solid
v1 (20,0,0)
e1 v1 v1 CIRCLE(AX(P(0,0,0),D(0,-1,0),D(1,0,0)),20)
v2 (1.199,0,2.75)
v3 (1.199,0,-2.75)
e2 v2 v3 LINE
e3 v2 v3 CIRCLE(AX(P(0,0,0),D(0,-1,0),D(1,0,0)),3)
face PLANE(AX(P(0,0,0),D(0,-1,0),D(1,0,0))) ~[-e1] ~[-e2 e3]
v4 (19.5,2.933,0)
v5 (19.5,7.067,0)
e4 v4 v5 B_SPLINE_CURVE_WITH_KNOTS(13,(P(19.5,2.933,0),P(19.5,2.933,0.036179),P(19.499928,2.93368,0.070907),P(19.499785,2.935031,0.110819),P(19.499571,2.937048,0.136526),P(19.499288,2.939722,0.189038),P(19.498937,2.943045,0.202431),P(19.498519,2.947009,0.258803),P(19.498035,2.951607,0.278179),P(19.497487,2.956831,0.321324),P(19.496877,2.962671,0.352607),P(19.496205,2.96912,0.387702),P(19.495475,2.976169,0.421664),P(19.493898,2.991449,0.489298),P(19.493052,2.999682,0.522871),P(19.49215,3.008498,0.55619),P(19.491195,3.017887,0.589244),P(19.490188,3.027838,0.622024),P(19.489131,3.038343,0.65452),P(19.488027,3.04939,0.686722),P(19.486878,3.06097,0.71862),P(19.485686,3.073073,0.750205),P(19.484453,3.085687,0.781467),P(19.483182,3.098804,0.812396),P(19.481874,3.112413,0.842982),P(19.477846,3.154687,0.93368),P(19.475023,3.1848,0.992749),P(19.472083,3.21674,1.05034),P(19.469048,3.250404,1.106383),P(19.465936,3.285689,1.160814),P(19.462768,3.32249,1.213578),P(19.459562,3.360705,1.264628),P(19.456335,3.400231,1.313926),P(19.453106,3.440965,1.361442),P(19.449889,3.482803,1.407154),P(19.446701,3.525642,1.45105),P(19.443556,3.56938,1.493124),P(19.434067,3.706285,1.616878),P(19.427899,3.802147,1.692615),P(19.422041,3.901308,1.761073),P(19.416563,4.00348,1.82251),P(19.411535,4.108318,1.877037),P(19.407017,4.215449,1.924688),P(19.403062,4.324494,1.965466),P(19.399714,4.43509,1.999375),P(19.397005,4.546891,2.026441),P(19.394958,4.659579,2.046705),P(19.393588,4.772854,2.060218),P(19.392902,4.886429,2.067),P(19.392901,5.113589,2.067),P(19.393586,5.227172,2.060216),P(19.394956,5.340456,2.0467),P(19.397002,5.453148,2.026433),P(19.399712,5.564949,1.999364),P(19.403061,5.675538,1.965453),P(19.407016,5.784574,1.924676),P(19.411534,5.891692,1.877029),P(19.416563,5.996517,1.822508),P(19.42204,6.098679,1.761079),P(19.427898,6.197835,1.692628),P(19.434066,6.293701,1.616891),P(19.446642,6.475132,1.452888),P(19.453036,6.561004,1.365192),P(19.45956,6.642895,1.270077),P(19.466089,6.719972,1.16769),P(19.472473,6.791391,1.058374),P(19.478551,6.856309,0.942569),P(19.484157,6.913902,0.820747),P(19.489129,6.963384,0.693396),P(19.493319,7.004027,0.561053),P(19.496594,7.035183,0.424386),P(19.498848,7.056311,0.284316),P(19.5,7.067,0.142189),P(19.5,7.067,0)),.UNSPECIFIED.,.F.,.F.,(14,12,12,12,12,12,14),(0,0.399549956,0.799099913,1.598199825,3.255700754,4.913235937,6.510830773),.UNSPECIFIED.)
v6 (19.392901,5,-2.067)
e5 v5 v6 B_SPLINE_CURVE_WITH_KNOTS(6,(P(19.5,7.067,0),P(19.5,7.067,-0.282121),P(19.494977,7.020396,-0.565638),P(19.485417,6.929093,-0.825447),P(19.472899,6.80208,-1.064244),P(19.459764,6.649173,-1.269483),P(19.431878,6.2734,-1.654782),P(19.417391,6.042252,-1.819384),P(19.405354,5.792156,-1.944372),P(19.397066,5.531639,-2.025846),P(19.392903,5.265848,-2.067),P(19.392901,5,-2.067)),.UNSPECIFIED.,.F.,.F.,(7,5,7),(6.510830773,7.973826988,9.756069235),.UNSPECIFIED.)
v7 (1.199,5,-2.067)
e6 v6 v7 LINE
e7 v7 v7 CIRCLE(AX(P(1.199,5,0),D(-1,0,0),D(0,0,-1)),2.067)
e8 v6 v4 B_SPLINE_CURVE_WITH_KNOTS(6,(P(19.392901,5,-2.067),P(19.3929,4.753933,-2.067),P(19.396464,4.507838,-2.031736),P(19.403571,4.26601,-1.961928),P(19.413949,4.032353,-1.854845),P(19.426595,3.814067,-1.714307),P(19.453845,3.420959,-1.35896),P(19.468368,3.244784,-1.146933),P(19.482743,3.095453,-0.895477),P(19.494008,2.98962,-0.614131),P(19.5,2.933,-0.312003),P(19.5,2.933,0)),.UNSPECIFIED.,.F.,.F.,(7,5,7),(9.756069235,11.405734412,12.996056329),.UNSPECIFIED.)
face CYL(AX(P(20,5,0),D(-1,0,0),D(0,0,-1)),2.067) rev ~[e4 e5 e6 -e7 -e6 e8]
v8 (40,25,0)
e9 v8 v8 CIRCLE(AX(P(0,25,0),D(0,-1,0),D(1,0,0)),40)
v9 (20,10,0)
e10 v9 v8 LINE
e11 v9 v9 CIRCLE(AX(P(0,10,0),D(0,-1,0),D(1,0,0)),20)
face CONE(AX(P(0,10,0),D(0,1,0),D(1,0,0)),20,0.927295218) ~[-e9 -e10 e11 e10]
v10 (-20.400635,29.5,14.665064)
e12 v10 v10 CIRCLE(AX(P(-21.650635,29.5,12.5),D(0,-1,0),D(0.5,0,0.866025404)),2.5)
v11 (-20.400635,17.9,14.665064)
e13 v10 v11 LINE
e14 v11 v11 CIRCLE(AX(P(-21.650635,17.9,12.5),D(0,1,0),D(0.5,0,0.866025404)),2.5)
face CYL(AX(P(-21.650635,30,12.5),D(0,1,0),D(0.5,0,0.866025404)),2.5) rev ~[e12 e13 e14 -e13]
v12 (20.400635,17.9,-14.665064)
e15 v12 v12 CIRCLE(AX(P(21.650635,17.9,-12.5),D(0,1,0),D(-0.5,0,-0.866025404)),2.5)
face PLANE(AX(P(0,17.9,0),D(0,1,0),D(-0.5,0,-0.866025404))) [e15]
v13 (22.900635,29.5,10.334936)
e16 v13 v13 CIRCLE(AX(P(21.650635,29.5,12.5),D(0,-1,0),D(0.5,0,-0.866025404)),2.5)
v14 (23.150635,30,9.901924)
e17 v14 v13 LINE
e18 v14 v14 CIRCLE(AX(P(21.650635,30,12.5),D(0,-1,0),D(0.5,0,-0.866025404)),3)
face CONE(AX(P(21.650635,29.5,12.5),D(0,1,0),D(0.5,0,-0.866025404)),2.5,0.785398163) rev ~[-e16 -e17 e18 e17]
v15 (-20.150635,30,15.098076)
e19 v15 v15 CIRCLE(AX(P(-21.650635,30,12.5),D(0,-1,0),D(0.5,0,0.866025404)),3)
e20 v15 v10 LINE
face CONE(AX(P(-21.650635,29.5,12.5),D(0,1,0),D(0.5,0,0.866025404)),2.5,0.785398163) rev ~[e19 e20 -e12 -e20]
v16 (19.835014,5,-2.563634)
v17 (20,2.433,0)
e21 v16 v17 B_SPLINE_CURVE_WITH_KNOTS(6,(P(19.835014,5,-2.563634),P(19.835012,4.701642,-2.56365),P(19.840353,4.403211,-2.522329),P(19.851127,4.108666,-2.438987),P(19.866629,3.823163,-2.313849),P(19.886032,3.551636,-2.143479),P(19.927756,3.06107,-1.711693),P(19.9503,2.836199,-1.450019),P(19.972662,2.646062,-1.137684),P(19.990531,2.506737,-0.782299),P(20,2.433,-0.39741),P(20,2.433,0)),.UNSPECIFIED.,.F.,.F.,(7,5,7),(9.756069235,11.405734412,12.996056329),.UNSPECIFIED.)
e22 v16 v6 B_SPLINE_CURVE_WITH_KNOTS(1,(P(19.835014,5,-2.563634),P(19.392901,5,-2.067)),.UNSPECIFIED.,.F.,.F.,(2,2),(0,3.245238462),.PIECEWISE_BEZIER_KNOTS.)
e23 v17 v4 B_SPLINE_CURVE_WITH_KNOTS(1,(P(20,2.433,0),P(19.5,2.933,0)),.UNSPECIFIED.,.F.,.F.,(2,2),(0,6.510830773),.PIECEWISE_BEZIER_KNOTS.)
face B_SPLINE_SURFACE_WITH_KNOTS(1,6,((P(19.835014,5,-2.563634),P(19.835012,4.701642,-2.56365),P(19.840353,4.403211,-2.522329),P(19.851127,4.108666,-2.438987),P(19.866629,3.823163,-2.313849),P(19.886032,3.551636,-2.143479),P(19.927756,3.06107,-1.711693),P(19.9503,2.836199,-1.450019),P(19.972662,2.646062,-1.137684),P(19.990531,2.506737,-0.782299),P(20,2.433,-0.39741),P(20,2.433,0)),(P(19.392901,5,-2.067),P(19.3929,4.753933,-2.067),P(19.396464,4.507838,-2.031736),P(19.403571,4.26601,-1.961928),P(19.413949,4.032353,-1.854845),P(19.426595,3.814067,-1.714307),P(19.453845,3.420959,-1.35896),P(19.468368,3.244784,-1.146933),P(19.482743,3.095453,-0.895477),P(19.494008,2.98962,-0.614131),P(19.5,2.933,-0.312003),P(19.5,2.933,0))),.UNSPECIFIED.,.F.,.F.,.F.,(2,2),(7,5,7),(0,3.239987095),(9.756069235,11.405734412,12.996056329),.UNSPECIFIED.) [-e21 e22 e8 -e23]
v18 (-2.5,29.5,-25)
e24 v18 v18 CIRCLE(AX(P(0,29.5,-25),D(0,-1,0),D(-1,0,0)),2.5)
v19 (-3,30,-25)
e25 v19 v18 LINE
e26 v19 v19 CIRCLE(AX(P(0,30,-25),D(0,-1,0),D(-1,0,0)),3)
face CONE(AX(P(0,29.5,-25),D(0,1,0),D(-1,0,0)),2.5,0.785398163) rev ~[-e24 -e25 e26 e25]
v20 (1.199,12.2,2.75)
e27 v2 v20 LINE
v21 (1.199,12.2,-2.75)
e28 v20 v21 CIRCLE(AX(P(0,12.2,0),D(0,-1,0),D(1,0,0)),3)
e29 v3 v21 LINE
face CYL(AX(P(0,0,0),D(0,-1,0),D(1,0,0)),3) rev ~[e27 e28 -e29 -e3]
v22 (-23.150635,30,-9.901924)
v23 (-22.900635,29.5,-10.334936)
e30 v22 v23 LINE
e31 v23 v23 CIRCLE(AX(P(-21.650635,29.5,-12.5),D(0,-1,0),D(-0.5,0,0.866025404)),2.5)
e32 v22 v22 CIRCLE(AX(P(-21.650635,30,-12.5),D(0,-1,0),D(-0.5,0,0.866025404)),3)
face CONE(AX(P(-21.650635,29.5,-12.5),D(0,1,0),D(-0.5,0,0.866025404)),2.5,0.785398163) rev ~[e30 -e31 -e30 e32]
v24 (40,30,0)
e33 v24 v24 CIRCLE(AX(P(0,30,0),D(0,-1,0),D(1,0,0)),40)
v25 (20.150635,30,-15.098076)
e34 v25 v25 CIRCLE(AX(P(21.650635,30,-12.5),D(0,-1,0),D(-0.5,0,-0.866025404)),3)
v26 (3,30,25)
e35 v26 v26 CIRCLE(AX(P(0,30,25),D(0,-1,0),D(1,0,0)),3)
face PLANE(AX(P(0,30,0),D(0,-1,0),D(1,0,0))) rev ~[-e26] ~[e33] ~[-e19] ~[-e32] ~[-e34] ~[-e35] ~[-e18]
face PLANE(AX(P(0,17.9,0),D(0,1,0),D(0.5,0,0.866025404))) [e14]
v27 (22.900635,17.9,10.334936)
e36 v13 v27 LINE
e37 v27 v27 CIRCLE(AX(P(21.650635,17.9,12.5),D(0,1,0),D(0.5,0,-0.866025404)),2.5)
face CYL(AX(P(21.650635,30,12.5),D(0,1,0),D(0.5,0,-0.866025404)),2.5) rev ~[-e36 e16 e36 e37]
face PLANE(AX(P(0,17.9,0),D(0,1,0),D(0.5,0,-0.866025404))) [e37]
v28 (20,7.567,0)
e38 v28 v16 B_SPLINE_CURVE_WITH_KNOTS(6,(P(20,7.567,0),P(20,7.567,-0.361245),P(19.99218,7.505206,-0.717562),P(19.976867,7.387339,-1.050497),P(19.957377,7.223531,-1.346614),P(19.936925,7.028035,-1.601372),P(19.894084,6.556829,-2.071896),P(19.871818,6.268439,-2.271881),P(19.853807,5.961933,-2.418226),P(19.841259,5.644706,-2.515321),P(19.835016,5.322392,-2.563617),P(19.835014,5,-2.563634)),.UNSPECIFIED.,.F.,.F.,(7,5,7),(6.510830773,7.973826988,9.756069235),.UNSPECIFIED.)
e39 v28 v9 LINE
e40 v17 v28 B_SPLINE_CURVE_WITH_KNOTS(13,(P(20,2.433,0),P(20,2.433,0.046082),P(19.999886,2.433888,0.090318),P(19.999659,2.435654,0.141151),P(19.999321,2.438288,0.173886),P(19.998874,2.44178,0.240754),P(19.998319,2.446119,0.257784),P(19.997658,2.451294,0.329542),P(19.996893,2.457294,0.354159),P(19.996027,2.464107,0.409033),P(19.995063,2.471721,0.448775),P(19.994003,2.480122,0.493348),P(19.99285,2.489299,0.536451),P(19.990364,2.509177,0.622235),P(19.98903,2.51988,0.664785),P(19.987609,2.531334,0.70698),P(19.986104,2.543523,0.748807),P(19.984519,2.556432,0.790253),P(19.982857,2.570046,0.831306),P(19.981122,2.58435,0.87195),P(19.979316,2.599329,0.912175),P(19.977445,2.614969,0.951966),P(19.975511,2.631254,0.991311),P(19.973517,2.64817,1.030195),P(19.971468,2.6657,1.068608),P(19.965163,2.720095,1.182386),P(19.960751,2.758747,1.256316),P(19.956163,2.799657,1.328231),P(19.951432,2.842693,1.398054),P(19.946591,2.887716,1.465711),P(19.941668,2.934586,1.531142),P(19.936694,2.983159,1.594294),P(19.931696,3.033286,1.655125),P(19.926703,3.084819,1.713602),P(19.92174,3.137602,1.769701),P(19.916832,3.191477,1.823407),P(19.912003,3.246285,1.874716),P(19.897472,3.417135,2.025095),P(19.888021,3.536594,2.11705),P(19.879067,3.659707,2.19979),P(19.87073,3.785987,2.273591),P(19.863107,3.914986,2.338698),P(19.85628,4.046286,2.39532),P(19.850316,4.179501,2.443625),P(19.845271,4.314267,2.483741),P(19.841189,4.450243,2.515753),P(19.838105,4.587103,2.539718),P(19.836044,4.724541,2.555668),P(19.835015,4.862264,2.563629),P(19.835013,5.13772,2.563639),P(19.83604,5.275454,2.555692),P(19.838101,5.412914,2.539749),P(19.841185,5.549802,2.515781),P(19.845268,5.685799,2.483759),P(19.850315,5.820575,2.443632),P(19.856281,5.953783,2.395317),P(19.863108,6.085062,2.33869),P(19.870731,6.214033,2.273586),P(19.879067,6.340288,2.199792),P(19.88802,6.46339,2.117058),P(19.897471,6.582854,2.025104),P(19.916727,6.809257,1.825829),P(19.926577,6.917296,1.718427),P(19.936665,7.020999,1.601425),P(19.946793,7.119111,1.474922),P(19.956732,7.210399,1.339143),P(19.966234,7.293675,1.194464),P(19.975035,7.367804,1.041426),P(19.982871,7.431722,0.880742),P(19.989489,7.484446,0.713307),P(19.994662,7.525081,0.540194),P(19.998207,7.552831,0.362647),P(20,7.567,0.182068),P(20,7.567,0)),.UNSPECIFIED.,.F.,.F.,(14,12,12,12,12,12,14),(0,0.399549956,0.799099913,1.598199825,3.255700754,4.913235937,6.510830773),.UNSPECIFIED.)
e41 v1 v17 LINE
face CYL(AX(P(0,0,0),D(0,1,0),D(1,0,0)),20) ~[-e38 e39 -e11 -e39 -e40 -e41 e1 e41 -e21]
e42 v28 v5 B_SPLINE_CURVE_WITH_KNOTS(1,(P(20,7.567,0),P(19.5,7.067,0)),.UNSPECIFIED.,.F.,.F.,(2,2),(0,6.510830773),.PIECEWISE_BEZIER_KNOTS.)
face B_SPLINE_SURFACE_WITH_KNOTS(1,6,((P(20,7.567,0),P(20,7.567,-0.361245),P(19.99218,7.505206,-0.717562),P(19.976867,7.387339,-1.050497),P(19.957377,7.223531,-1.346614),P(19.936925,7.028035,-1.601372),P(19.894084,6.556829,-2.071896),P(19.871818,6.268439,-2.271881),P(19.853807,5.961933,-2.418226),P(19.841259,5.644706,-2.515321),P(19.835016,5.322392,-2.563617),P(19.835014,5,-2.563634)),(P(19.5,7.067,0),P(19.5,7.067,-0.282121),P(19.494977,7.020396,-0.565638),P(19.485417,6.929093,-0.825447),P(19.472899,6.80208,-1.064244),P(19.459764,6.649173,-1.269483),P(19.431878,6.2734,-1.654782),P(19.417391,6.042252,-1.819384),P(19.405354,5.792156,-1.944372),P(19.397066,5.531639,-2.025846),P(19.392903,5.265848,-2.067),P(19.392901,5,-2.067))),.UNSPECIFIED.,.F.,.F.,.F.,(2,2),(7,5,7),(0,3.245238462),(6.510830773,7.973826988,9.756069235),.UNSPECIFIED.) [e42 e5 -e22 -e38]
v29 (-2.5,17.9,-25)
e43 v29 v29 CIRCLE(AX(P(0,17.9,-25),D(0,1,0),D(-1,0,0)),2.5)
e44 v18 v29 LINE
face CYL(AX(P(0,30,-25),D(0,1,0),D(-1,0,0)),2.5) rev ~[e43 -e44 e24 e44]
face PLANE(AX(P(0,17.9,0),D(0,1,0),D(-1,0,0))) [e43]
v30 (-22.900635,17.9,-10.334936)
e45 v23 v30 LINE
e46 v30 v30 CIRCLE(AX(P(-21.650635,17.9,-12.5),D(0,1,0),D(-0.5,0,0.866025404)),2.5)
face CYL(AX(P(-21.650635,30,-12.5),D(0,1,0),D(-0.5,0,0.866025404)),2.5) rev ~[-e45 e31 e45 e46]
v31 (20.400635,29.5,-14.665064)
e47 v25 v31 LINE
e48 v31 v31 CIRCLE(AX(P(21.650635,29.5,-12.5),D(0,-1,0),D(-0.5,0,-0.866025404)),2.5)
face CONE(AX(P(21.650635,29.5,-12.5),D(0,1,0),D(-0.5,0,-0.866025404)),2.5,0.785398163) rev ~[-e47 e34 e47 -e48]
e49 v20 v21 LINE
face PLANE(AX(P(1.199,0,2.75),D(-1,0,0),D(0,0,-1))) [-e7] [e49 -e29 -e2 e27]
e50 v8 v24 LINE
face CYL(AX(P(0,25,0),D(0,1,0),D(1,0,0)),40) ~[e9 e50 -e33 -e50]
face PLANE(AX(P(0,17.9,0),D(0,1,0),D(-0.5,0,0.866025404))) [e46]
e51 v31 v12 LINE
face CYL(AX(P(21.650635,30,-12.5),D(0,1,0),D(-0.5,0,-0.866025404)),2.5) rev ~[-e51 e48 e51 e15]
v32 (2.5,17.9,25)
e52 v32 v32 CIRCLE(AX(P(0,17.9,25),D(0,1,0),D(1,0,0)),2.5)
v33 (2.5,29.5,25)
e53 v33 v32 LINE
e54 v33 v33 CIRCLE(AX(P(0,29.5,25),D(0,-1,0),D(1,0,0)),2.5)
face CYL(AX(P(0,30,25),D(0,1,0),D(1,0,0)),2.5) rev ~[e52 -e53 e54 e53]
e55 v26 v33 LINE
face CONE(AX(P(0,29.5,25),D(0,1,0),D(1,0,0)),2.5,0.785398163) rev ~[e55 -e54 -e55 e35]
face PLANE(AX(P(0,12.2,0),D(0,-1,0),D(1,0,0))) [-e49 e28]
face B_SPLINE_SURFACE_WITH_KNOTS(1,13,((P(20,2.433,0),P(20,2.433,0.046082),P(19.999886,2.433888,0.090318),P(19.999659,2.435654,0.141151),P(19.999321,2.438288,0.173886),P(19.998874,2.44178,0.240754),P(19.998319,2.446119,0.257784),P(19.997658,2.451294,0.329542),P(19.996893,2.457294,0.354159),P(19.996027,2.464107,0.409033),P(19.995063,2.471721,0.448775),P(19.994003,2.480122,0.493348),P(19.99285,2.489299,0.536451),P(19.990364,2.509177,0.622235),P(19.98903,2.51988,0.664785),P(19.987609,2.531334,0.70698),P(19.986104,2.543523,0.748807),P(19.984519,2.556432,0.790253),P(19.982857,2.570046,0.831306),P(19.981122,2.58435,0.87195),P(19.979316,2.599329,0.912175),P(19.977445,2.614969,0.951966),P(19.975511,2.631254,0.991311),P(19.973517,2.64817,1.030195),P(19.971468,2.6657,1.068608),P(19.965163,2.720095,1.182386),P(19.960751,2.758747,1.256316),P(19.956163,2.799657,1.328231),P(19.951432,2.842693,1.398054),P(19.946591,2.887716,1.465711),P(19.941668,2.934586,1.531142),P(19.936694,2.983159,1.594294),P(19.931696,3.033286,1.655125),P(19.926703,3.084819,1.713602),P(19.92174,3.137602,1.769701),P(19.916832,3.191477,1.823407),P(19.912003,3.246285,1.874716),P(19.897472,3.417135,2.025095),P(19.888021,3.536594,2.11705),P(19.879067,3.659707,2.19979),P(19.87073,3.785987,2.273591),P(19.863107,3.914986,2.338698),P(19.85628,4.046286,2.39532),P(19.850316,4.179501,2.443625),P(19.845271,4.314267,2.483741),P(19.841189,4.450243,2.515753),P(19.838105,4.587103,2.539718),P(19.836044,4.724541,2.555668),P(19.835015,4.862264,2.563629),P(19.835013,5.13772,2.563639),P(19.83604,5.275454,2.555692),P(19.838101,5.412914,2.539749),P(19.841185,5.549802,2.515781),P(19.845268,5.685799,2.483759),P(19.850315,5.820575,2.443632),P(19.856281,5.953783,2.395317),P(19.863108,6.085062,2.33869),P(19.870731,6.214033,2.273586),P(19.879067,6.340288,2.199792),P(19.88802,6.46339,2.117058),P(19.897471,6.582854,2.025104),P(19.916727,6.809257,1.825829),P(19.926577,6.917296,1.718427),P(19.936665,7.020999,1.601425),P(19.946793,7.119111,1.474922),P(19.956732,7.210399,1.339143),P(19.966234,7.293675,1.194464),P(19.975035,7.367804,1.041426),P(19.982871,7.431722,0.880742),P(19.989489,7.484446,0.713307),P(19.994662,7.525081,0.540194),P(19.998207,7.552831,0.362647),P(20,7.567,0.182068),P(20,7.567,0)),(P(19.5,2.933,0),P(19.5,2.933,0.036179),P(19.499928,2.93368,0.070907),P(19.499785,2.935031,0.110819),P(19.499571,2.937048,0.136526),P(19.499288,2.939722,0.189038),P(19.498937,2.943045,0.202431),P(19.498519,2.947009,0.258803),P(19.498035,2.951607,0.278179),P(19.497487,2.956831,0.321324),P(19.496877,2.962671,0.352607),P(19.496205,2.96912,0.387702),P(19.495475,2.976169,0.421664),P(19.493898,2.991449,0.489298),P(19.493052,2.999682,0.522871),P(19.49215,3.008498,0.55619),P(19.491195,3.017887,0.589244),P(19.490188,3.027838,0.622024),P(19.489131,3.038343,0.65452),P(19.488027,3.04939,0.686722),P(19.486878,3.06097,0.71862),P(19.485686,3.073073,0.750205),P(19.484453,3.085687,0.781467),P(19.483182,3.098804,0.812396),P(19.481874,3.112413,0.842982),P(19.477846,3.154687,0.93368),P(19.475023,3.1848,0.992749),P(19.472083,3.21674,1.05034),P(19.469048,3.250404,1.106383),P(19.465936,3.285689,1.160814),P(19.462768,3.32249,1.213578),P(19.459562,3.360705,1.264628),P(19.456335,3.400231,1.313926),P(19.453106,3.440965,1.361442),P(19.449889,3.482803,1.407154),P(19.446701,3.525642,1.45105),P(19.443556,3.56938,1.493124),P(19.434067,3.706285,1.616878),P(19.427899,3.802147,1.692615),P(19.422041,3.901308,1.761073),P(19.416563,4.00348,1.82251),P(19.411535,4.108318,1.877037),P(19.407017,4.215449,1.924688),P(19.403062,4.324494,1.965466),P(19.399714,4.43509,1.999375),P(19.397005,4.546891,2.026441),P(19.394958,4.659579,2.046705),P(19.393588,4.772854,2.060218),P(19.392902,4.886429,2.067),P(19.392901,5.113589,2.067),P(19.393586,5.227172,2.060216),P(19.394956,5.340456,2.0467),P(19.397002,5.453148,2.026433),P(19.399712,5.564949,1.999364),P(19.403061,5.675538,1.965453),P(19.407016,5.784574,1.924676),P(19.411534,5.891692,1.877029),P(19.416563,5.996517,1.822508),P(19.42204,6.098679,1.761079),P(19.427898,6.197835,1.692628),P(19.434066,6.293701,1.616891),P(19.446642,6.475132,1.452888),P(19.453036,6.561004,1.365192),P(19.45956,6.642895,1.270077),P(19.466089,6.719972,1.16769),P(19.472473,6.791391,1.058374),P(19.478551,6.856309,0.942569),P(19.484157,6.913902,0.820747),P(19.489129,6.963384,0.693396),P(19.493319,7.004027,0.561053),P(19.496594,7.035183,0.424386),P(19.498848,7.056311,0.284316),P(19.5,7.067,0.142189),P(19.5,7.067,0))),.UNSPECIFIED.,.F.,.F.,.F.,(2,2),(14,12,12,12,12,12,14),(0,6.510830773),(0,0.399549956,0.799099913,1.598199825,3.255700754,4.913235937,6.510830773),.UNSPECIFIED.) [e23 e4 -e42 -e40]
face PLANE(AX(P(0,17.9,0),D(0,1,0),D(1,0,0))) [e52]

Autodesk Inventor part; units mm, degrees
ref_plane "XZ Plane" through (0, 0, 0) normal (0, 1, 0) x (-1, 0, 0)
ref_plane "XY Plane" through (0, 0, 0) normal (0, 0, 1) x (1, 0, 0)
sketch "Skizze3" plane through (0, 0, 0) normal (0, 1, 0) x (-1, 0, 0)
  point P0 (0, 0)
sketch "Skizze4" plane through (0, 0, 0) normal (0, 0, 1) x (1, 0, 0)
  line L0 (0, 0) -> (20, 0)
  line L1 (20, 0) -> (20, 10)
  line L2 (20, 10) -> (40, 25)
  line L3 (40, 25) -> (40, 30)
  line L4 (40, 30) -> (0, 30)
  line L5 (0, 30) -> (0, 0)
  dimension "d5" = 40
  dimension "d6" = 80
  dimension "d7" = 10
  dimension "d8" = 15
  dimension "d9" = 5
revolve "Umdrehung1" add sketch "Skizze4" angle 360 about axis through (0, 30, 0) along (0, -1, 0)
sketch "Skizze5" plane through (0, 30, 0) normal (0, 1, 0) x (1, 0, 0)
  circle A0 centre (0, -25) radius 2.5
  line L0 (0, 56) -> (0, -56) projected
  point P0 (0, 0)
  dimension "d11" = 25
  dimension "d12" = 5
extrude "Extrusion3" cut sketch "Skizze5" against normal blind 12.1
chamfer "Fase1" distance 0.5 angle 45 1 edges at (-2.5, 30, 25)
pattern_circular "Runde Anordnung1" count 6 over 360 about axis through (0, 5, 0) along (0, -1, 0) of "Extrusion3", "Fase1"
ref_plane "Arbeitsebene1" through (20, 0, 0) normal (1, 0, 0) x (0, 1, 0)
sketch "Skizze6" plane through (20, 0, 0) normal (1, 0, 0) x (0, 1, 0)
  line L0 (10, 20) -> (10, -20) projected
  line L1 (0, 20) -> (0, -20) projected
  line L2 (-2.9204, 0) -> (2.9204, 0)
  point P0 (0, 0)
  point P1 (5, 0)
  point P2 (0, 0)
  dimension "d22" = 5
sketch "Skizze7" plane through (0, 0, 0) normal (0, -1, 0) x (1, 0, 0)
  circle A0 centre (0, 0) radius 3
  line L0 (1.199, 2.75) -> (1.199, -2.75)
  point P0 (0, 0)
  dimension "d23" = 6
  dimension "d24" = 5.5
extrude "Extrusion4" cut sketch "Skizze7" against normal blind 12.2 contours L0 A0 picked at (-0.2225, -0.8366)
hole "Bohrung1" at (20, 5, 0) direction (-1, 0, 0) diameter 4.134 depth 18.801 thread size "M5x0.8" class "6H" standard "ISO Metric profile"
chamfer "Fase2" distance 0.5 angle 45 3 edges at (19.8929, 4.9998, 2.067) (19.9385, 6.3471, -1.5678) (19.9383, 3.6548, -1.5694)
properties part number "BT405_trajan20_21" material "Kunststoff, undurchsichtig Schwarz"
